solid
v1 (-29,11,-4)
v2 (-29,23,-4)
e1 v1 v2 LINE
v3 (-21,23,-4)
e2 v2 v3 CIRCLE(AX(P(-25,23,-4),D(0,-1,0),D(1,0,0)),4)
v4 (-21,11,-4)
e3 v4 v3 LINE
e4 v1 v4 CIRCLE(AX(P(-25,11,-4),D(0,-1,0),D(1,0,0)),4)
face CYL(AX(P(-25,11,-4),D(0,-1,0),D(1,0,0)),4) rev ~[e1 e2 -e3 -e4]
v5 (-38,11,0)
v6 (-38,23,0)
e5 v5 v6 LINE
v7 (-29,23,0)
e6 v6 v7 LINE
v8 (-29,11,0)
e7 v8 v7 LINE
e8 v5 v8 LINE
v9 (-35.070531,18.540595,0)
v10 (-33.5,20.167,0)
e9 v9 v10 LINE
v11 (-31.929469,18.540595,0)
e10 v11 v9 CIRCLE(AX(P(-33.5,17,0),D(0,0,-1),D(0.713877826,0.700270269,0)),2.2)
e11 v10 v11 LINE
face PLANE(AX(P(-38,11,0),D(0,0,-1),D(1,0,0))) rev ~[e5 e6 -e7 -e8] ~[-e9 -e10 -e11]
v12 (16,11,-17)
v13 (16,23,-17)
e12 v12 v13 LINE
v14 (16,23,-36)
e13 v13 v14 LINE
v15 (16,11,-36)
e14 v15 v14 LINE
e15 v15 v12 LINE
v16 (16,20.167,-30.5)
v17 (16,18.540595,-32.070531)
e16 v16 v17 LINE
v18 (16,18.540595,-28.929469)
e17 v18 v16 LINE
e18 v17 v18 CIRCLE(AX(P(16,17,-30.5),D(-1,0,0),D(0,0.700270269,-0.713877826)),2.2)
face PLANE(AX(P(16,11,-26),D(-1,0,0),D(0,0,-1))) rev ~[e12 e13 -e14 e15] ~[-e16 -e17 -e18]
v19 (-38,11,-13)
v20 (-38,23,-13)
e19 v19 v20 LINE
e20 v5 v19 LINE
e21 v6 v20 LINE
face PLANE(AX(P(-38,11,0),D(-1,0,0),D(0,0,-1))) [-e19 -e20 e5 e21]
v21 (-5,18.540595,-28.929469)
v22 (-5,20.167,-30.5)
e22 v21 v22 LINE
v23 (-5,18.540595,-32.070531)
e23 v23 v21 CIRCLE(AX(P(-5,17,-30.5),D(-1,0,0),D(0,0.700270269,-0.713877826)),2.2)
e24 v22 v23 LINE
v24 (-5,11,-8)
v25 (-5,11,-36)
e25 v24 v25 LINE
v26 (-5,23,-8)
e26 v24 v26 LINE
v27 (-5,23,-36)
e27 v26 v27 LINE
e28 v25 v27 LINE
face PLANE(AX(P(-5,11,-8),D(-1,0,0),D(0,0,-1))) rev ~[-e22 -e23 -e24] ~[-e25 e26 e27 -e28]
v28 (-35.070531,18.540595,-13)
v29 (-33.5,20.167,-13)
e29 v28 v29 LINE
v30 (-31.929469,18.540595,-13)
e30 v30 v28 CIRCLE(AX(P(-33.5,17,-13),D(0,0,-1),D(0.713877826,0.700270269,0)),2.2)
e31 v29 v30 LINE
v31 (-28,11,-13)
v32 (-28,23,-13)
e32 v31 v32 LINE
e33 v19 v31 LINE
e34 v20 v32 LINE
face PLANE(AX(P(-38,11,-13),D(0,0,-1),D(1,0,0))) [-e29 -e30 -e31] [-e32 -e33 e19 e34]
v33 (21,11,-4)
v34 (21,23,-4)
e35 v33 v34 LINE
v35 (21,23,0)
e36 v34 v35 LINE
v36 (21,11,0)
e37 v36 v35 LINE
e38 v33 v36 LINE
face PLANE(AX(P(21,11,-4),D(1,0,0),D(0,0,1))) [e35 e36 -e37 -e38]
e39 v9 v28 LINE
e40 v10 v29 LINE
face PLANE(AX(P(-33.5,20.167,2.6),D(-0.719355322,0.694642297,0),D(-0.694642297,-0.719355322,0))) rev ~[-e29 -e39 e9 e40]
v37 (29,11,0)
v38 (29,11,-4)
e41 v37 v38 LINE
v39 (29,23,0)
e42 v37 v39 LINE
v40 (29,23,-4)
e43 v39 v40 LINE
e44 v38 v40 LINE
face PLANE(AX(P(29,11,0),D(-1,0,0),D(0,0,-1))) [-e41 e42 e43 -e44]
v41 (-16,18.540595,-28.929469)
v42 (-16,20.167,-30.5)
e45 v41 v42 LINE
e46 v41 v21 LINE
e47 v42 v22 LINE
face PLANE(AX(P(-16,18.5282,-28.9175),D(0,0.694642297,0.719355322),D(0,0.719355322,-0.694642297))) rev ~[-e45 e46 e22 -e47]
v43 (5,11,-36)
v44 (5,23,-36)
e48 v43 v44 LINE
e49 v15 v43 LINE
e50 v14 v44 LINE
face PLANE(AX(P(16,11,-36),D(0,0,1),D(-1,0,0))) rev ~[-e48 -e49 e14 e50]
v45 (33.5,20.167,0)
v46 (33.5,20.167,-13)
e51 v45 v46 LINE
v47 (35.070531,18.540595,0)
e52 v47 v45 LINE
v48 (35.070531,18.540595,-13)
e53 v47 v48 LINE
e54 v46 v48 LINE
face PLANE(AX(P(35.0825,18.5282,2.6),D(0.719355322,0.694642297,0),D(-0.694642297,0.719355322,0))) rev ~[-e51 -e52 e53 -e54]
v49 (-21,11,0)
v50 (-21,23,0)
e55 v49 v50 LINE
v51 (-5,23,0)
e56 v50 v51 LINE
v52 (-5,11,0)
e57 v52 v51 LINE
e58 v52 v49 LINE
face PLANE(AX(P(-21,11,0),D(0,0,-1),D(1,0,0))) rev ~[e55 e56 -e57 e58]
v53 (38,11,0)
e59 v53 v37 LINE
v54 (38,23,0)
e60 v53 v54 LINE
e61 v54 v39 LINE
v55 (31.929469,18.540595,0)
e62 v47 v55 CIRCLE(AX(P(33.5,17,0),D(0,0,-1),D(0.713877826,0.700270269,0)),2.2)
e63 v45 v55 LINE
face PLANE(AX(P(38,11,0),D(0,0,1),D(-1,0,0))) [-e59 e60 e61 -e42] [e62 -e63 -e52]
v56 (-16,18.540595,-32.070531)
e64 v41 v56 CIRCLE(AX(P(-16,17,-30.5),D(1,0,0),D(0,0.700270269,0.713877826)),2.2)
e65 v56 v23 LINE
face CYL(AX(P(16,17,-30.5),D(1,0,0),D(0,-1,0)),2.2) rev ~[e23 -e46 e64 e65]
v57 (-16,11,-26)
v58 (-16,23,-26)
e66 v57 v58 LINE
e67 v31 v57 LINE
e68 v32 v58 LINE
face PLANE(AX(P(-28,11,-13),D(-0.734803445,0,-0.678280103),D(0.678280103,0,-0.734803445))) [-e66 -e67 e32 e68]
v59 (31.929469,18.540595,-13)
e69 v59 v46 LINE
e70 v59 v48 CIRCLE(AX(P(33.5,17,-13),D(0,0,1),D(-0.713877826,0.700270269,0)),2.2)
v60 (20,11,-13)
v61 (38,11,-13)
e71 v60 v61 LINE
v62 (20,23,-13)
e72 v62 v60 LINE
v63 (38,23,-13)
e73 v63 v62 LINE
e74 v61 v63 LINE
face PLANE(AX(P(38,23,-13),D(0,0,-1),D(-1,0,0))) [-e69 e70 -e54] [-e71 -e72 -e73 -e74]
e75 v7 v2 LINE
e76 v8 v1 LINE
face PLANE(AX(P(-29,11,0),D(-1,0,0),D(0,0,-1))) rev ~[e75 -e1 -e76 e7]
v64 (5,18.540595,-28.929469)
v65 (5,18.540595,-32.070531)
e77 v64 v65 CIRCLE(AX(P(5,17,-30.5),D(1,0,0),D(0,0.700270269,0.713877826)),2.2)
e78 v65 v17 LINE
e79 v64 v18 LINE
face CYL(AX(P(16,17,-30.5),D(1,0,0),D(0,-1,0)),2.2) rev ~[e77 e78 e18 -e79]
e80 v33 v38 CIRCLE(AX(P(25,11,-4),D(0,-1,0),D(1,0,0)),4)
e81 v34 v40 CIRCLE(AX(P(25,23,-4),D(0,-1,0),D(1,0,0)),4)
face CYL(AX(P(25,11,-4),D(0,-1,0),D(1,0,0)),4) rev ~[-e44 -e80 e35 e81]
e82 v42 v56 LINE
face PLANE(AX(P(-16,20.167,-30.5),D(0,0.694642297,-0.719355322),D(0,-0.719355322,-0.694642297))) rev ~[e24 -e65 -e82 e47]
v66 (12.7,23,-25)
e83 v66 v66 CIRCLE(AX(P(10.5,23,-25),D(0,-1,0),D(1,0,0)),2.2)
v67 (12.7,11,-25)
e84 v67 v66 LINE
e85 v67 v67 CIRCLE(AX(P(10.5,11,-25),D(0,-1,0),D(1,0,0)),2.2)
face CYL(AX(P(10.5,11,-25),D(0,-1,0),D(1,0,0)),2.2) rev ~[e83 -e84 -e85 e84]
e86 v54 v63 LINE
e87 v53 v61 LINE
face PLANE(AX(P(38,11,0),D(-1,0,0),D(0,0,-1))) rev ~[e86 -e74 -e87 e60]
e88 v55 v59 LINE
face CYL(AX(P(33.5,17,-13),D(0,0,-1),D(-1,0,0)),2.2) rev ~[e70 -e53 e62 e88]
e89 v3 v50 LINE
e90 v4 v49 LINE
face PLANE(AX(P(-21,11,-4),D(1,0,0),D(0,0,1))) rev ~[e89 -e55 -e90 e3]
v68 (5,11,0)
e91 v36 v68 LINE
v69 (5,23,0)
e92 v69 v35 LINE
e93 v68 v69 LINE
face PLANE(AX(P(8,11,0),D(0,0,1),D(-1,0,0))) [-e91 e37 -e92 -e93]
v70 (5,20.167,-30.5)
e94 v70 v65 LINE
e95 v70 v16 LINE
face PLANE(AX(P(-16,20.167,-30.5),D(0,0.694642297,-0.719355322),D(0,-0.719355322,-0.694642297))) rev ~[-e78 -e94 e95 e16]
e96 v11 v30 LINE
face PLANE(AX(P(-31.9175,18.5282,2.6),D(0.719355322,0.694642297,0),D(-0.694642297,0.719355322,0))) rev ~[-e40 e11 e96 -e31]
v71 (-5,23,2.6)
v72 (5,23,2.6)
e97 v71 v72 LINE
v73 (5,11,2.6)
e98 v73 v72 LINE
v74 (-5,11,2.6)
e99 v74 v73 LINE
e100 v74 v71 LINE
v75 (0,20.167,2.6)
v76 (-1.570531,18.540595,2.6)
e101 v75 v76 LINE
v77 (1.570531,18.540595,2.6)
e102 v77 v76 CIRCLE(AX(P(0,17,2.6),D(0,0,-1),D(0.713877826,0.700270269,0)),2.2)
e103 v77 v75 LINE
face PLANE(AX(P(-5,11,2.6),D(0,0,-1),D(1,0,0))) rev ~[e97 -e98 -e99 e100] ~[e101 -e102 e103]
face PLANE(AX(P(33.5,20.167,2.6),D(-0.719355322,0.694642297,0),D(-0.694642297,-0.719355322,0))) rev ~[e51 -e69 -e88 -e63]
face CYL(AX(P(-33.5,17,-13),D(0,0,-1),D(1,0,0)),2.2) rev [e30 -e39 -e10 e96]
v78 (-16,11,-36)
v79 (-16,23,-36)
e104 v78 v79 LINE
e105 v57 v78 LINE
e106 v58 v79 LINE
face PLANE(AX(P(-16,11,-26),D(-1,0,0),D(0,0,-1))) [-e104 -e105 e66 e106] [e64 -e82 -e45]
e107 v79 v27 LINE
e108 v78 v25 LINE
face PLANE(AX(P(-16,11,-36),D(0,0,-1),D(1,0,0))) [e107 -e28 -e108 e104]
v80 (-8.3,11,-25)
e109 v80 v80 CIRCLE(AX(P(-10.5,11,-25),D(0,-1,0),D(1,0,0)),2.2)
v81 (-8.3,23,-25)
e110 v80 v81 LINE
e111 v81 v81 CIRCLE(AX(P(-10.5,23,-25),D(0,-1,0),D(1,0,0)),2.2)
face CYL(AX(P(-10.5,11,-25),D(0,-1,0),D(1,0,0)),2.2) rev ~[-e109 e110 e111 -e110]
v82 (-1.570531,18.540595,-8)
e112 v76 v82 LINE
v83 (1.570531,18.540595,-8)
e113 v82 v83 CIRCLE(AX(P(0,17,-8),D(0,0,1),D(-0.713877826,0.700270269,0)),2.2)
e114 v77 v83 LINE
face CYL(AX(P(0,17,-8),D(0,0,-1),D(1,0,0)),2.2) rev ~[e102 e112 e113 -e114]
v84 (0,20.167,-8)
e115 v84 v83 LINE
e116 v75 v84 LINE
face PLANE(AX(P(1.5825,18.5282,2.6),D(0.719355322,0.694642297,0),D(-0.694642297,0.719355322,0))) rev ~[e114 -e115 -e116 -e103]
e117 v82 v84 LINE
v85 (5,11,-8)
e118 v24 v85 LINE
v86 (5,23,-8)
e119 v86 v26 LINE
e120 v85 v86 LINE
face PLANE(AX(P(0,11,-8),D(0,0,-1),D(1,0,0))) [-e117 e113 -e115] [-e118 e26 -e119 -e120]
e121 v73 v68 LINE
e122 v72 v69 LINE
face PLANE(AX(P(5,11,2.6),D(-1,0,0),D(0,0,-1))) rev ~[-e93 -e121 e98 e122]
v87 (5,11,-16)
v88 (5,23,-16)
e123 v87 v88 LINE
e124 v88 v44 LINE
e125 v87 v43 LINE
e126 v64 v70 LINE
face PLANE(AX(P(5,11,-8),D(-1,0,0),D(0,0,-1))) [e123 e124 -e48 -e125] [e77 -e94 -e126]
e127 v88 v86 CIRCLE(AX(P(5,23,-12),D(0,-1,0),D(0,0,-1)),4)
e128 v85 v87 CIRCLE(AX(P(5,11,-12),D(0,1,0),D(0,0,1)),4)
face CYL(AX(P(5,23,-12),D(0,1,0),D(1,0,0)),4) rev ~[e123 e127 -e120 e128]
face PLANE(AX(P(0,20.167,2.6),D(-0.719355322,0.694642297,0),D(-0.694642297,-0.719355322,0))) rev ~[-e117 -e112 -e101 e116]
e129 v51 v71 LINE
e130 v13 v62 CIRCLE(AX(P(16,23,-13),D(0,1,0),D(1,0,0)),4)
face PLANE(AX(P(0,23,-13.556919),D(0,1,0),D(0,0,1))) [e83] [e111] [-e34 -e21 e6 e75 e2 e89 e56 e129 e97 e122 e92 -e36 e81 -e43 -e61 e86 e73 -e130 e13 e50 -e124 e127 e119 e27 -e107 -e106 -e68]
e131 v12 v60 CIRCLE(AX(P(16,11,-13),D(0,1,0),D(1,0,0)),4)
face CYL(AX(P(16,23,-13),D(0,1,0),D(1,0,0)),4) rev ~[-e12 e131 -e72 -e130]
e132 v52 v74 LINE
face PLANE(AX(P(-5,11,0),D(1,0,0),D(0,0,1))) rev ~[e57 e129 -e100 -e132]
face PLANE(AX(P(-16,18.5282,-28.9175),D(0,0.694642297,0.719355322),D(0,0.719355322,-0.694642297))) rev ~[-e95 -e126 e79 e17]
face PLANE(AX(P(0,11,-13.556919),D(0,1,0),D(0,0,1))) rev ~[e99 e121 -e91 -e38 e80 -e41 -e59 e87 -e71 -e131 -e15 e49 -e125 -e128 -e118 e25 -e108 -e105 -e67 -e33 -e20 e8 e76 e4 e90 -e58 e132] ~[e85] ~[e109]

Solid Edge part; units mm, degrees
sketch "Sketch1" plane through (0, 11, 0) normal (0, -1, 0) x (1, 0, 0)
  circle A0 centre (-10.5, -25) radius 2.2
  circle A1 centre (10.5, -25) radius 2.2
  line L0 (-38, 0) -> (-29, 0)
  line L1 (-29, 0) -> (-29, -4)
  line L2 (-21, -4) -> (-21, 0)
  line L3 (-21, 0) -> (-8, 0)
  line L4 (-8, 0) -> (-5, 0)
  line L5 (-5, 0) -> (-5, 2.6)
  line L6 (-5, 2.6) -> (5, 2.6)
  line L7 (5, 2.6) -> (5, 0)
  line L8 (8, 0) -> (5, 0)
  line L9 (21, 0) -> (8, 0)
  line L10 (21, -4) -> (21, 0)
  arc A2 (21, -4) -> (29, -4) centre (25, -4) ccw
  line L11 (29, 0) -> (29, -4)
  line L12 (38, 0) -> (29, 0)
  line L13 (38, 0) -> (38, -13)
  line L14 (38, -13) -> (28, -13)
  line L15 (28, -13) -> (16, -26)
  line L16 (16, -26) -> (16, -36)
  line L17 (16, -36) -> (5, -36)
  line L18 (5, -8) -> (5, -36)
  line L19 (0, -8) -> (5, -8)
  line L20 (0, -8) -> (-5, -8)
  line L21 (-5, -8) -> (-5, -36)
  line L22 (-16, -36) -> (-5, -36)
  line L23 (-16, -26) -> (-16, -36)
  line L24 (-28, -13) -> (-16, -26)
  line L25 (-38, -13) -> (-28, -13)
  line L26 (-38, 0) -> (-38, -13)
  arc A3 (-29, -4) -> (-21, -4) centre (-25, -4) ccw
  dimension "D1" = 13
  dimension "D2" = 10
  dimension "D3" = 13
  dimension "D4" = 10
extrude "ExtrudedProtrusion_1" add sketch "Sketch1" against normal blind 12
sketch "Sketch2" plane through (0, 17, -8) normal (0, 0, -1) x (1, 0, 0)
  circle A0 centre (0, 0) radius 2.2
extrude "Cutout1" cut sketch "Sketch2" against normal through all
sketch "Sketch3" plane through (33, 17, -13) normal (0, 0, -1) x (-1, 0, 0)
  circle A0 centre (-0.5, 0) radius 2.2
  dimension "D1" = 4.4
extrude "Cutout2" cut sketch "Sketch3" against normal through all
mirror "Mirror1" about plane through (0, 0, 0) normal (1, 0, 0) of "Cutout2"
sketch "Sketch4" plane through (16, 17, -31) normal (1, 0, 0) x (0, -1, 0)
  circle A0 centre (0, -0.5) radius 2.2
  dimension "D1" = 4.4
extrude "Cutout4" cut sketch "Sketch4" against normal through all
sketch "Sketch5" plane through (0, 23, -17.75) normal (0, 1, 0) x (0, 0, 1)
  line L0 (4.75, 16) -> (-17.25, 16)
  line L1 (4.75, 38) -> (4.75, 16)
extrude "Cutout5" cut sketch "Sketch5" against normal through all material side at (16.05, 23, -24)
sketch "Sketch6" plane through (0, 23, -16.75) normal (0, 1, 0) x (1, 0, 0)
  circle A0 centre (5, -4.75) radius 4
  circle A1 centre (16, -3.75) radius 4
extrude "Cutout6" cut sketch "Sketch6" against normal through all
sketch "Sketch7" plane through (0, 17, 2.6) normal (0, 0, 1) x (1, 0, 0)
  line L0 (0, 0) -> (1.5825, 1.5282)
  line L1 (1.5825, 1.5282) -> (0, 3.167)
  line L2 (0, 3.167) -> (-1.5825, 1.5282)
  line L3 (-1.5825, 1.5282) -> (0, 0)
  line L4 (33.5, 0) -> (35.0825, 1.5282)
  line L5 (35.0825, 1.5282) -> (33.5, 3.167)
  line L6 (33.5, 3.167) -> (31.9175, 1.5282)
  line L7 (31.9175, 1.5282) -> (33.5, 0)
  line L8 (-33.5, 0) -> (-31.9175, 1.5282)
  line L9 (-31.9175, 1.5282) -> (-33.5, 3.167)
  line L10 (-33.5, 3.167) -> (-35.0825, 1.5282)
  line L11 (-35.0825, 1.5282) -> (-33.5, 0)
extrude "Cutout7" cut sketch "Sketch7" against normal through all
sketch "Sketch8" plane through (-16, 17, -31) normal (-1, 0, 0) x (0, 0, 1)
  line L0 (0.5, 0) -> (2.0825, 1.5282)
  line L1 (2.0825, 1.5282) -> (0.5, 3.167)
  line L2 (0.5, 3.167) -> (-1.0825, 1.5282)
  line L3 (-1.0825, 1.5282) -> (0.5, 0)
extrude "Cutout8" cut sketch "Sketch8" against normal through all
